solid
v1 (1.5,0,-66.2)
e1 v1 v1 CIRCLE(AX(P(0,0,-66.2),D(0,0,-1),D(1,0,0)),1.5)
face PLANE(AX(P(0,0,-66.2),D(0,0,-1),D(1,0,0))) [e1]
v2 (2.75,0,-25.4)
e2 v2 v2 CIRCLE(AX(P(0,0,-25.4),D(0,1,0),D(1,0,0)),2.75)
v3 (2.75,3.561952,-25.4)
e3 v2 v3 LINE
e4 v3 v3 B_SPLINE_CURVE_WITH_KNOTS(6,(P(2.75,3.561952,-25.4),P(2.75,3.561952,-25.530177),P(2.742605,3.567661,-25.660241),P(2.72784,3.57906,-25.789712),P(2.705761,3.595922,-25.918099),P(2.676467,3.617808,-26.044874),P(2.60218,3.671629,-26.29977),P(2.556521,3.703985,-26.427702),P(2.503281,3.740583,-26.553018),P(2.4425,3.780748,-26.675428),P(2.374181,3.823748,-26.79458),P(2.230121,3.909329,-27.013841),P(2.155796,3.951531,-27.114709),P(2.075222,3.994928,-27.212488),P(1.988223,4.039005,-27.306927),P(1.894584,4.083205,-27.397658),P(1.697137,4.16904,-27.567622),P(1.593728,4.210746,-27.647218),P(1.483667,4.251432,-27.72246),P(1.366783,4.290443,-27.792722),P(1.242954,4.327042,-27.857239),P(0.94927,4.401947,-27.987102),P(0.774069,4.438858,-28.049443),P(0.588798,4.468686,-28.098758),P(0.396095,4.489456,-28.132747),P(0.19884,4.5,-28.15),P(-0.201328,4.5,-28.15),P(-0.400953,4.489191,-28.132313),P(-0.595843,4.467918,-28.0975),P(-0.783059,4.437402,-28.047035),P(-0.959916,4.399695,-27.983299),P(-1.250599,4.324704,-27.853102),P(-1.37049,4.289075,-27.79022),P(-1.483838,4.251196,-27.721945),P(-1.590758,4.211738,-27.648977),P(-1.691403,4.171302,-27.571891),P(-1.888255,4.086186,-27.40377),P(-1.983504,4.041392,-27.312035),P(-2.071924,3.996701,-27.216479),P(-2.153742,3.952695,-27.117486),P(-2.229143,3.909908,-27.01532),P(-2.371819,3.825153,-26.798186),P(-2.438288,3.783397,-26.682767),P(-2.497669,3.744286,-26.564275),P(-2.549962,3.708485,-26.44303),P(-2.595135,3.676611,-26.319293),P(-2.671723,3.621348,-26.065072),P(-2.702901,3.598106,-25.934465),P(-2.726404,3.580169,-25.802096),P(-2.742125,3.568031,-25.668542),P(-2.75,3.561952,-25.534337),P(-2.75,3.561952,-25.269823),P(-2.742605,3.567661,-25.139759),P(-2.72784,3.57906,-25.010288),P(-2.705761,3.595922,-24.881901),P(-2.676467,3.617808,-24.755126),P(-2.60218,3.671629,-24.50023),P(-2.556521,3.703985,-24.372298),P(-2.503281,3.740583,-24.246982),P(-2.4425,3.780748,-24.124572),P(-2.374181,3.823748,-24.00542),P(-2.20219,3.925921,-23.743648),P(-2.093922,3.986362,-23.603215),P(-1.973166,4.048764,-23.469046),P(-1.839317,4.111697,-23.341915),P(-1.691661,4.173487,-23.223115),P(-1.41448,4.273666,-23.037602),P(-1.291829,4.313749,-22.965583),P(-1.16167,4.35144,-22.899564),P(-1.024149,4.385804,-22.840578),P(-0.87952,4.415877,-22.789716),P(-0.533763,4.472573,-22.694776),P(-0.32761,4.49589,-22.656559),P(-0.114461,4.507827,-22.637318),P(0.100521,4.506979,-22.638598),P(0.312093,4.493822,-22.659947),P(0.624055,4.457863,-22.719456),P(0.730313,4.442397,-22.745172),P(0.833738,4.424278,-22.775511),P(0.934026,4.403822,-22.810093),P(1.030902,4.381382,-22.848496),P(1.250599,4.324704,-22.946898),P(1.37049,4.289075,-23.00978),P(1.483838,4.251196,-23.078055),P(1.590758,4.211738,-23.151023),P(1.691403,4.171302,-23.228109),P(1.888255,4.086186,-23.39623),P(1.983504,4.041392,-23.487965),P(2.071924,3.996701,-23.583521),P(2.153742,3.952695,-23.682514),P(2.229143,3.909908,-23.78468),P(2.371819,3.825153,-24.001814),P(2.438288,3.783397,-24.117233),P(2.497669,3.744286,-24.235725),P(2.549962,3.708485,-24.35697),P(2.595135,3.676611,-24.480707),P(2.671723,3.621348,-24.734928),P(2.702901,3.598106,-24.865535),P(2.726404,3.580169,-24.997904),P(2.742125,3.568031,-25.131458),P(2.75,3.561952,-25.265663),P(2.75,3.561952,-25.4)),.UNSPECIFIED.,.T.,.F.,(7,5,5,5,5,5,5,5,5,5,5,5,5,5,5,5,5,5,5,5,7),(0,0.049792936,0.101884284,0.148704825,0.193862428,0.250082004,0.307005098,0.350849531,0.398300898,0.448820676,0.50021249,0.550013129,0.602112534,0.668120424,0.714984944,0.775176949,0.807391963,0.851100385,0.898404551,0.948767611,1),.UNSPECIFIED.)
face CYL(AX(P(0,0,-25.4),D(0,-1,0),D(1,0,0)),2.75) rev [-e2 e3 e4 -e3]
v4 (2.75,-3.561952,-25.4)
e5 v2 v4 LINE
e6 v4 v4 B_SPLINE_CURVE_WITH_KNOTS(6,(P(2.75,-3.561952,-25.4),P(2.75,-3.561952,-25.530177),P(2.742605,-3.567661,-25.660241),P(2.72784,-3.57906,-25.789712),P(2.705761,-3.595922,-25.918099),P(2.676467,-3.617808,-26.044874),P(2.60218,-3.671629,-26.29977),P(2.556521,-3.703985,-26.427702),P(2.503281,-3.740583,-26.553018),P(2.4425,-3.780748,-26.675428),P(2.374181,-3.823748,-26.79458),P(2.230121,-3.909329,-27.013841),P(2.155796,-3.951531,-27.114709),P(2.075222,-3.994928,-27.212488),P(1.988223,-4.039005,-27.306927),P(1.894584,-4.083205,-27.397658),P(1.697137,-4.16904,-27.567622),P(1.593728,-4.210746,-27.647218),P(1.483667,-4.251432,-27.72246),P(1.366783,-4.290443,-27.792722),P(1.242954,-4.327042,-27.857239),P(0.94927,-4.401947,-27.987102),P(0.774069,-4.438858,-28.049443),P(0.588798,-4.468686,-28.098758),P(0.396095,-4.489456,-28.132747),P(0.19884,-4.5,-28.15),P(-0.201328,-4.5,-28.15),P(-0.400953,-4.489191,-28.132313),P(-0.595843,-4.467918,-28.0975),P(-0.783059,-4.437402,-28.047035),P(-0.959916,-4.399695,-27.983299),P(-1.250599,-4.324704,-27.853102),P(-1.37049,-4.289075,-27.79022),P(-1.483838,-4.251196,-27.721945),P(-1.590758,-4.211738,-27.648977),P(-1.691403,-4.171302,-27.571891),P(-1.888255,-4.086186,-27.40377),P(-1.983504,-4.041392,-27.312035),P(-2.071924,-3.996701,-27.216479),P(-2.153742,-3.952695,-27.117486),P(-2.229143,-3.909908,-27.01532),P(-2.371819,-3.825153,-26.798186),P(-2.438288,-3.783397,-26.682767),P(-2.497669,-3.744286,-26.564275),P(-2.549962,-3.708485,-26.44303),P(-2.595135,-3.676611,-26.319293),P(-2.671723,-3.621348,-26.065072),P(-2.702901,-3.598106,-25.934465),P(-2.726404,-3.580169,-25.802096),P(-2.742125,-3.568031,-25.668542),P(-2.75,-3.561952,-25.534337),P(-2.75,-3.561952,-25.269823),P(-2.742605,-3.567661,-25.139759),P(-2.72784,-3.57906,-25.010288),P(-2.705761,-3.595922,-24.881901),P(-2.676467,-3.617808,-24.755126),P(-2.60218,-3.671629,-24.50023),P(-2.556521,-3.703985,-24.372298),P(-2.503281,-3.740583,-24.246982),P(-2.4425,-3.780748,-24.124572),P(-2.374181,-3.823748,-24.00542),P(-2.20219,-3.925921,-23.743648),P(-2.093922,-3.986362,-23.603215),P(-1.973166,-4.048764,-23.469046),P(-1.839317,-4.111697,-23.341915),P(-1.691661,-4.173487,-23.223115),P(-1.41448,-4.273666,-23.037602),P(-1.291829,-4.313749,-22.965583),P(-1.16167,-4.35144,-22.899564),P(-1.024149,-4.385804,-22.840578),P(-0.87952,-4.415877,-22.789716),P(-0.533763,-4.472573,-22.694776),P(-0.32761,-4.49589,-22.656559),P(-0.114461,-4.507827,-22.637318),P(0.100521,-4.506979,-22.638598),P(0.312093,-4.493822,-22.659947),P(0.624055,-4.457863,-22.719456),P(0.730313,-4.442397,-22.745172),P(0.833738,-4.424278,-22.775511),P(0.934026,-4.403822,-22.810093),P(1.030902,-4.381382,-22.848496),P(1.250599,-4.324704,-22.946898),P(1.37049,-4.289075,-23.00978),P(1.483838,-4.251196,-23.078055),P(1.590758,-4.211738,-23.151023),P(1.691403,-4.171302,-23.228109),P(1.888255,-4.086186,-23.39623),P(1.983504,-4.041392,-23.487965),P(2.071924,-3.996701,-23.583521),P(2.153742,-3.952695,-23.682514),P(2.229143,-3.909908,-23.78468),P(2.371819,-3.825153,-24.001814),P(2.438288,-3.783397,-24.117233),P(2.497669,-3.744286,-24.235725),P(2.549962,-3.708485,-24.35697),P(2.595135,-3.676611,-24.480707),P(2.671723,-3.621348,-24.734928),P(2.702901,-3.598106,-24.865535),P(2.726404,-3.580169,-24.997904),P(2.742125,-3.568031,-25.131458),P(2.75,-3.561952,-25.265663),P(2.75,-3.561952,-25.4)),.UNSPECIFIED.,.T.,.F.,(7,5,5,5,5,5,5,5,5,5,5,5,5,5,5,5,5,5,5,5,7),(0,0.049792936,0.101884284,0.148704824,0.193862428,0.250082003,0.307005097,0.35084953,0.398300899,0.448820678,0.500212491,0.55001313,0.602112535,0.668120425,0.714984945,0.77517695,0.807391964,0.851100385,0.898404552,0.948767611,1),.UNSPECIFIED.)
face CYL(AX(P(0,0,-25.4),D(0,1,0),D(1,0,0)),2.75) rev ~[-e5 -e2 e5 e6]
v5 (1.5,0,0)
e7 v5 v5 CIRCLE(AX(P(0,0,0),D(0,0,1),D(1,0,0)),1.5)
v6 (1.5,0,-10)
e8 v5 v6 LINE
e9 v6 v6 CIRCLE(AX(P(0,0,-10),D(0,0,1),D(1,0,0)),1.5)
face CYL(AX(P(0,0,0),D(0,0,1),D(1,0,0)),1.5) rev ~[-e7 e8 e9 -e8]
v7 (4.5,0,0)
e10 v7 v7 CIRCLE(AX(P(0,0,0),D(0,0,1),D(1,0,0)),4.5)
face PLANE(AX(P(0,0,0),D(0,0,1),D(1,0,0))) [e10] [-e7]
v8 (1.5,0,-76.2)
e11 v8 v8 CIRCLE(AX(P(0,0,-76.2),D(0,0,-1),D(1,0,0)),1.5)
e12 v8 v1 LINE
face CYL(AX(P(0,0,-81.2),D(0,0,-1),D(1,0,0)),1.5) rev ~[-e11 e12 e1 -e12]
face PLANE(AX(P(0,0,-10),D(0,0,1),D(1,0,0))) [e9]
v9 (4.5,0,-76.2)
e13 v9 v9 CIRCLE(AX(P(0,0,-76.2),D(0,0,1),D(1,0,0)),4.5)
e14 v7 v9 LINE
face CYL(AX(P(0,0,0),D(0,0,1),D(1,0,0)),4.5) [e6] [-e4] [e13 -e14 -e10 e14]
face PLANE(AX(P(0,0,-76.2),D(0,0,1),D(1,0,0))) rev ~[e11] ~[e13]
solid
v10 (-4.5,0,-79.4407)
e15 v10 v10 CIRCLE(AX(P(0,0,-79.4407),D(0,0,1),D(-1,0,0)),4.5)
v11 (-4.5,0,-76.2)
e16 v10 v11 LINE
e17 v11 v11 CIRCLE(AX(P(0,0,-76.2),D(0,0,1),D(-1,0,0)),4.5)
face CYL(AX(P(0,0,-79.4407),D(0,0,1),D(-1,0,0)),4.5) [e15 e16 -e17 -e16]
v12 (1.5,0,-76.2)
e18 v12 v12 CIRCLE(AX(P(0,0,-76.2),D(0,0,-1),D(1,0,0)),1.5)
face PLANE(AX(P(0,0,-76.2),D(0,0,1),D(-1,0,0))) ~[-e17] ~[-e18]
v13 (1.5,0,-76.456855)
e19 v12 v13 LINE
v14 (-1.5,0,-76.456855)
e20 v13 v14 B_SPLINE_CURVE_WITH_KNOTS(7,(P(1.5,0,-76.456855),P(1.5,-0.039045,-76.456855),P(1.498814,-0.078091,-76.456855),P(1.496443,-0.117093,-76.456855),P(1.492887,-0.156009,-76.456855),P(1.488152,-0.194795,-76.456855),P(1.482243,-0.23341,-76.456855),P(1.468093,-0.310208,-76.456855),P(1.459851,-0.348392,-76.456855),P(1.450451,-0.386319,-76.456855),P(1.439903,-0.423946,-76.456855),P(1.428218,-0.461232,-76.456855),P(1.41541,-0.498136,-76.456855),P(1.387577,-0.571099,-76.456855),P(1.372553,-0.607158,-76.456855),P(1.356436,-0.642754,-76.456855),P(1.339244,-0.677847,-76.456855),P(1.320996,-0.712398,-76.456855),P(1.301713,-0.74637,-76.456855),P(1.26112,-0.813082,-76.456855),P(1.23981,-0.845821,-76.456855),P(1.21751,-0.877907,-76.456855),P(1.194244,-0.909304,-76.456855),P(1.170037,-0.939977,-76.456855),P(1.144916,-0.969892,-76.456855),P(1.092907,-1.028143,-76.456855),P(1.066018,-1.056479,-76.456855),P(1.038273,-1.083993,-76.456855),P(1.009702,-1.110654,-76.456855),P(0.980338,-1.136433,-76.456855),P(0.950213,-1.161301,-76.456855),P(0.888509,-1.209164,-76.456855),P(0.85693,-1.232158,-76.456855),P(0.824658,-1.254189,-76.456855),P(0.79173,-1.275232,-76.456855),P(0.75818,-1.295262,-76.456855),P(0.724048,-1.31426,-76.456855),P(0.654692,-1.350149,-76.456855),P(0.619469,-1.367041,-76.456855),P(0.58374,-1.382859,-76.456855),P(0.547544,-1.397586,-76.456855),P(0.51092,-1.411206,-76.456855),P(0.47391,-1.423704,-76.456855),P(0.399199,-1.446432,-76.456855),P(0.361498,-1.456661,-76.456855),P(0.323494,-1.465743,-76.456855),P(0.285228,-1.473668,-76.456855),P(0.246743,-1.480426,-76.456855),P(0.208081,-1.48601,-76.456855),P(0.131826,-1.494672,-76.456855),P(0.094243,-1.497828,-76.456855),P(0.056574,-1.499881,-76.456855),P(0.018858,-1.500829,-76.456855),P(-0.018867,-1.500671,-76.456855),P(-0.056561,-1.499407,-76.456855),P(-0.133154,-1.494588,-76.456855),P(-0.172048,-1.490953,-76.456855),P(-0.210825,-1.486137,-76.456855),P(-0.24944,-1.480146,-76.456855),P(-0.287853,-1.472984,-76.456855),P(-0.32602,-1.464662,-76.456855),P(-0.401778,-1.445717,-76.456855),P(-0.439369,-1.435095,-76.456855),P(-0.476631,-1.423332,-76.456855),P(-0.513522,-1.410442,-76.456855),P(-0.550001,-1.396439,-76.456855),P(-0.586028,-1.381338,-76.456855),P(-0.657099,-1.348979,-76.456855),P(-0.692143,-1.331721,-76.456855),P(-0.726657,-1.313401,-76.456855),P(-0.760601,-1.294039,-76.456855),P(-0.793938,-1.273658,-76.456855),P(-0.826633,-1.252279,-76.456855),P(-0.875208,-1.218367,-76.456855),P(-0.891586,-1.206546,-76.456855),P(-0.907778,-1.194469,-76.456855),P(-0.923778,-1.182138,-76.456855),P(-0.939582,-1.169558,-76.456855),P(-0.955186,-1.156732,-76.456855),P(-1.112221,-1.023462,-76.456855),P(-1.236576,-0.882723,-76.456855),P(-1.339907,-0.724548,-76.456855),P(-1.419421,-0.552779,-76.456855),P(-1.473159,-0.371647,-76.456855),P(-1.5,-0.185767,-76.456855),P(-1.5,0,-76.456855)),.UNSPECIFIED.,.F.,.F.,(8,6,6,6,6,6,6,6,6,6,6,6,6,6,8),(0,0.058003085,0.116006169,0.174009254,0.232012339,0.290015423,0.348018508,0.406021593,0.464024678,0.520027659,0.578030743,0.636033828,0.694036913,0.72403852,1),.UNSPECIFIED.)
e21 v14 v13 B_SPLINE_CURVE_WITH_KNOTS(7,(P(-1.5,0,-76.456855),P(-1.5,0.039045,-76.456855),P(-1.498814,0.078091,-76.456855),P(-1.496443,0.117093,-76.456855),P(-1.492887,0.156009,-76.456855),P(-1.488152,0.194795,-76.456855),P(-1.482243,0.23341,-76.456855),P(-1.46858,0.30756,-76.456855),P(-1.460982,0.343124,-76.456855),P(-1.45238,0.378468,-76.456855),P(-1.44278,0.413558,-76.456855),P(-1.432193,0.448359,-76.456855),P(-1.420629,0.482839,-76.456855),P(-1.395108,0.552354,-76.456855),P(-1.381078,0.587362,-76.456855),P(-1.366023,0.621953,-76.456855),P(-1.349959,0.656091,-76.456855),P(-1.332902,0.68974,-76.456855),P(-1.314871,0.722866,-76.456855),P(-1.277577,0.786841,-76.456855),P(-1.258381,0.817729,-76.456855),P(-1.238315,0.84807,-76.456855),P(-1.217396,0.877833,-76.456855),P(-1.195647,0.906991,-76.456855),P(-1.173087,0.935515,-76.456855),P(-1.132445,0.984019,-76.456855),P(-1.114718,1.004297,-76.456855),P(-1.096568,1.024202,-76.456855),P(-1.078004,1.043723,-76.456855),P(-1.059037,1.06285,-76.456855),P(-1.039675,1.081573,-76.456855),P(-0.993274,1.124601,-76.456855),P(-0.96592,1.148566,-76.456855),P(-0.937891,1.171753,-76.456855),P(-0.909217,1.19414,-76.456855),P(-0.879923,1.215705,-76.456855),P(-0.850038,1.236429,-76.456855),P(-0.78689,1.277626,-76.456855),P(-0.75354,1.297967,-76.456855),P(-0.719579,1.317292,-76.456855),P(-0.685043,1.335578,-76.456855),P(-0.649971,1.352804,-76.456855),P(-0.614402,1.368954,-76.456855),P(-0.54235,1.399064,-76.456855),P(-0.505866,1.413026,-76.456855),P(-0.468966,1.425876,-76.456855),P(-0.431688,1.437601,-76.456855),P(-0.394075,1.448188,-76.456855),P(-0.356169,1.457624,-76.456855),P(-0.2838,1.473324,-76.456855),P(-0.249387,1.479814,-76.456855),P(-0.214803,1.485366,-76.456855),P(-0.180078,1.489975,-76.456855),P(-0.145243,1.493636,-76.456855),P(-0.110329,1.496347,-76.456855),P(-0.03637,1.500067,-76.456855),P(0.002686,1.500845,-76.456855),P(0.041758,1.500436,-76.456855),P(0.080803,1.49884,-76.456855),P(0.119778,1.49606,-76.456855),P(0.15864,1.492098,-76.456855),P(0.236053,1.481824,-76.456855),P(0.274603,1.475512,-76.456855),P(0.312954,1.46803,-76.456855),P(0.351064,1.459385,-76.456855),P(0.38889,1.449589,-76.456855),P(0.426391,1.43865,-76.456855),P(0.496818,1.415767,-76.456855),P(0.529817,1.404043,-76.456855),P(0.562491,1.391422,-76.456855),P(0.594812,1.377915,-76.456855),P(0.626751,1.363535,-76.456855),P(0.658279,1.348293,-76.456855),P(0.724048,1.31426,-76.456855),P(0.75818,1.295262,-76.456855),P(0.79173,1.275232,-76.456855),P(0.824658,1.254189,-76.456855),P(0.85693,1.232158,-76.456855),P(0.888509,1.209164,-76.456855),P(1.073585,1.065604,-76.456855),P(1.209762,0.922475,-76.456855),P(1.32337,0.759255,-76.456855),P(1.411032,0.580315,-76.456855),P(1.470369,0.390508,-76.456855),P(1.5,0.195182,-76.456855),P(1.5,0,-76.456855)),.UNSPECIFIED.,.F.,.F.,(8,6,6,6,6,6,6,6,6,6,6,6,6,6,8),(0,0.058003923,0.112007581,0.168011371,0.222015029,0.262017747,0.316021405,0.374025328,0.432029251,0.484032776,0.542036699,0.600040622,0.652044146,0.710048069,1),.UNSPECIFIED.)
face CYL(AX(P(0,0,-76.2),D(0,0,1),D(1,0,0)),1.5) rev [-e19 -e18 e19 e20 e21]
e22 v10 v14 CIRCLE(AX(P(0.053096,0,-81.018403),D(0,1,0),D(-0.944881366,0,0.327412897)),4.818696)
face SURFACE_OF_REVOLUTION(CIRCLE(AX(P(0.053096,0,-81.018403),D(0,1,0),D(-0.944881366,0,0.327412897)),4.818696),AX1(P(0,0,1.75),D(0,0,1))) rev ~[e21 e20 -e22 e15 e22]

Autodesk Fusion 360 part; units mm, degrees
sketch "Sketch1" plane through (0, 0, 0) normal (0, 0, 1) x (1, 0, 0)
  circle A0 centre (0, 0) radius 4.5
  circle A1 centre (0, 0) radius 1.5
  dimension "d1" = 9
  dimension "d2" = 3
extrude "Extrude1" add sketch "Sketch1" against normal blind 76.2 contours A0 | A1 makes body 1
extrude "Extrude2" cut sketch "Sketch1" against normal blind 10 contours A1 bodies 1
sketch "Sketch2" plane through (0, 0, -76.2) normal (0, 0, -1) x (1, 0, 0)
  circle A0 centre (0, 0) radius 4.5
  circle A1 centre (0, 0) radius 1.5
extrude "Extrude3" cut sketch "Sketch2" along normal blind -10 and the other way blind -5 contours A1 bodies 1
ref_plane "WorkPlane1" through (0, 0, 0) normal (0, 1, 0) x (0, 0, 1)
sketch "Sketch3" plane through (0, 0, 0) normal (0, 1, 0) x (1, 0, 0)
  line L0 (4.5, 76.2) -> (-4.5, 76.2)
  line L1 (-4.5, 0) -> (4.5, 0)
  circle A0 centre (0, 25.4) radius 2.75
  line L2 (-4.5, 0) -> (4.5, 0)
  circle A1 centre (0, 81) radius 4.7625
  line L3 (-4.5, 79.4407) -> (-4.5, 76.2)
  arc A2 (-4.5, 79.4407) -> (0, 76.2) centre (0.0531, 81.0184) ccw
  dimension "d10" = 5.5
  dimension "d13" = 25.4
  dimension "d14" = 9.525
extrude "Extrude4" cut sketch "Sketch3" along normal through all and the other way through all contours A0 bodies 1
revolve "Revolve1" add sketch "Sketch3" angle 360 about axis through (0, 0, 1.75) along (0, 0, 1) separate body contours L0 L3 A2 makes body 2
extrude "Extrude5" cut sketch "Sketch2" along normal blind 5 contours A1 bodies 2
equation "d3 = -25.4 * 3 mm"
equation "d14 = ( ( 3 / 8 ) * 25.4 ) * 1 mm"
